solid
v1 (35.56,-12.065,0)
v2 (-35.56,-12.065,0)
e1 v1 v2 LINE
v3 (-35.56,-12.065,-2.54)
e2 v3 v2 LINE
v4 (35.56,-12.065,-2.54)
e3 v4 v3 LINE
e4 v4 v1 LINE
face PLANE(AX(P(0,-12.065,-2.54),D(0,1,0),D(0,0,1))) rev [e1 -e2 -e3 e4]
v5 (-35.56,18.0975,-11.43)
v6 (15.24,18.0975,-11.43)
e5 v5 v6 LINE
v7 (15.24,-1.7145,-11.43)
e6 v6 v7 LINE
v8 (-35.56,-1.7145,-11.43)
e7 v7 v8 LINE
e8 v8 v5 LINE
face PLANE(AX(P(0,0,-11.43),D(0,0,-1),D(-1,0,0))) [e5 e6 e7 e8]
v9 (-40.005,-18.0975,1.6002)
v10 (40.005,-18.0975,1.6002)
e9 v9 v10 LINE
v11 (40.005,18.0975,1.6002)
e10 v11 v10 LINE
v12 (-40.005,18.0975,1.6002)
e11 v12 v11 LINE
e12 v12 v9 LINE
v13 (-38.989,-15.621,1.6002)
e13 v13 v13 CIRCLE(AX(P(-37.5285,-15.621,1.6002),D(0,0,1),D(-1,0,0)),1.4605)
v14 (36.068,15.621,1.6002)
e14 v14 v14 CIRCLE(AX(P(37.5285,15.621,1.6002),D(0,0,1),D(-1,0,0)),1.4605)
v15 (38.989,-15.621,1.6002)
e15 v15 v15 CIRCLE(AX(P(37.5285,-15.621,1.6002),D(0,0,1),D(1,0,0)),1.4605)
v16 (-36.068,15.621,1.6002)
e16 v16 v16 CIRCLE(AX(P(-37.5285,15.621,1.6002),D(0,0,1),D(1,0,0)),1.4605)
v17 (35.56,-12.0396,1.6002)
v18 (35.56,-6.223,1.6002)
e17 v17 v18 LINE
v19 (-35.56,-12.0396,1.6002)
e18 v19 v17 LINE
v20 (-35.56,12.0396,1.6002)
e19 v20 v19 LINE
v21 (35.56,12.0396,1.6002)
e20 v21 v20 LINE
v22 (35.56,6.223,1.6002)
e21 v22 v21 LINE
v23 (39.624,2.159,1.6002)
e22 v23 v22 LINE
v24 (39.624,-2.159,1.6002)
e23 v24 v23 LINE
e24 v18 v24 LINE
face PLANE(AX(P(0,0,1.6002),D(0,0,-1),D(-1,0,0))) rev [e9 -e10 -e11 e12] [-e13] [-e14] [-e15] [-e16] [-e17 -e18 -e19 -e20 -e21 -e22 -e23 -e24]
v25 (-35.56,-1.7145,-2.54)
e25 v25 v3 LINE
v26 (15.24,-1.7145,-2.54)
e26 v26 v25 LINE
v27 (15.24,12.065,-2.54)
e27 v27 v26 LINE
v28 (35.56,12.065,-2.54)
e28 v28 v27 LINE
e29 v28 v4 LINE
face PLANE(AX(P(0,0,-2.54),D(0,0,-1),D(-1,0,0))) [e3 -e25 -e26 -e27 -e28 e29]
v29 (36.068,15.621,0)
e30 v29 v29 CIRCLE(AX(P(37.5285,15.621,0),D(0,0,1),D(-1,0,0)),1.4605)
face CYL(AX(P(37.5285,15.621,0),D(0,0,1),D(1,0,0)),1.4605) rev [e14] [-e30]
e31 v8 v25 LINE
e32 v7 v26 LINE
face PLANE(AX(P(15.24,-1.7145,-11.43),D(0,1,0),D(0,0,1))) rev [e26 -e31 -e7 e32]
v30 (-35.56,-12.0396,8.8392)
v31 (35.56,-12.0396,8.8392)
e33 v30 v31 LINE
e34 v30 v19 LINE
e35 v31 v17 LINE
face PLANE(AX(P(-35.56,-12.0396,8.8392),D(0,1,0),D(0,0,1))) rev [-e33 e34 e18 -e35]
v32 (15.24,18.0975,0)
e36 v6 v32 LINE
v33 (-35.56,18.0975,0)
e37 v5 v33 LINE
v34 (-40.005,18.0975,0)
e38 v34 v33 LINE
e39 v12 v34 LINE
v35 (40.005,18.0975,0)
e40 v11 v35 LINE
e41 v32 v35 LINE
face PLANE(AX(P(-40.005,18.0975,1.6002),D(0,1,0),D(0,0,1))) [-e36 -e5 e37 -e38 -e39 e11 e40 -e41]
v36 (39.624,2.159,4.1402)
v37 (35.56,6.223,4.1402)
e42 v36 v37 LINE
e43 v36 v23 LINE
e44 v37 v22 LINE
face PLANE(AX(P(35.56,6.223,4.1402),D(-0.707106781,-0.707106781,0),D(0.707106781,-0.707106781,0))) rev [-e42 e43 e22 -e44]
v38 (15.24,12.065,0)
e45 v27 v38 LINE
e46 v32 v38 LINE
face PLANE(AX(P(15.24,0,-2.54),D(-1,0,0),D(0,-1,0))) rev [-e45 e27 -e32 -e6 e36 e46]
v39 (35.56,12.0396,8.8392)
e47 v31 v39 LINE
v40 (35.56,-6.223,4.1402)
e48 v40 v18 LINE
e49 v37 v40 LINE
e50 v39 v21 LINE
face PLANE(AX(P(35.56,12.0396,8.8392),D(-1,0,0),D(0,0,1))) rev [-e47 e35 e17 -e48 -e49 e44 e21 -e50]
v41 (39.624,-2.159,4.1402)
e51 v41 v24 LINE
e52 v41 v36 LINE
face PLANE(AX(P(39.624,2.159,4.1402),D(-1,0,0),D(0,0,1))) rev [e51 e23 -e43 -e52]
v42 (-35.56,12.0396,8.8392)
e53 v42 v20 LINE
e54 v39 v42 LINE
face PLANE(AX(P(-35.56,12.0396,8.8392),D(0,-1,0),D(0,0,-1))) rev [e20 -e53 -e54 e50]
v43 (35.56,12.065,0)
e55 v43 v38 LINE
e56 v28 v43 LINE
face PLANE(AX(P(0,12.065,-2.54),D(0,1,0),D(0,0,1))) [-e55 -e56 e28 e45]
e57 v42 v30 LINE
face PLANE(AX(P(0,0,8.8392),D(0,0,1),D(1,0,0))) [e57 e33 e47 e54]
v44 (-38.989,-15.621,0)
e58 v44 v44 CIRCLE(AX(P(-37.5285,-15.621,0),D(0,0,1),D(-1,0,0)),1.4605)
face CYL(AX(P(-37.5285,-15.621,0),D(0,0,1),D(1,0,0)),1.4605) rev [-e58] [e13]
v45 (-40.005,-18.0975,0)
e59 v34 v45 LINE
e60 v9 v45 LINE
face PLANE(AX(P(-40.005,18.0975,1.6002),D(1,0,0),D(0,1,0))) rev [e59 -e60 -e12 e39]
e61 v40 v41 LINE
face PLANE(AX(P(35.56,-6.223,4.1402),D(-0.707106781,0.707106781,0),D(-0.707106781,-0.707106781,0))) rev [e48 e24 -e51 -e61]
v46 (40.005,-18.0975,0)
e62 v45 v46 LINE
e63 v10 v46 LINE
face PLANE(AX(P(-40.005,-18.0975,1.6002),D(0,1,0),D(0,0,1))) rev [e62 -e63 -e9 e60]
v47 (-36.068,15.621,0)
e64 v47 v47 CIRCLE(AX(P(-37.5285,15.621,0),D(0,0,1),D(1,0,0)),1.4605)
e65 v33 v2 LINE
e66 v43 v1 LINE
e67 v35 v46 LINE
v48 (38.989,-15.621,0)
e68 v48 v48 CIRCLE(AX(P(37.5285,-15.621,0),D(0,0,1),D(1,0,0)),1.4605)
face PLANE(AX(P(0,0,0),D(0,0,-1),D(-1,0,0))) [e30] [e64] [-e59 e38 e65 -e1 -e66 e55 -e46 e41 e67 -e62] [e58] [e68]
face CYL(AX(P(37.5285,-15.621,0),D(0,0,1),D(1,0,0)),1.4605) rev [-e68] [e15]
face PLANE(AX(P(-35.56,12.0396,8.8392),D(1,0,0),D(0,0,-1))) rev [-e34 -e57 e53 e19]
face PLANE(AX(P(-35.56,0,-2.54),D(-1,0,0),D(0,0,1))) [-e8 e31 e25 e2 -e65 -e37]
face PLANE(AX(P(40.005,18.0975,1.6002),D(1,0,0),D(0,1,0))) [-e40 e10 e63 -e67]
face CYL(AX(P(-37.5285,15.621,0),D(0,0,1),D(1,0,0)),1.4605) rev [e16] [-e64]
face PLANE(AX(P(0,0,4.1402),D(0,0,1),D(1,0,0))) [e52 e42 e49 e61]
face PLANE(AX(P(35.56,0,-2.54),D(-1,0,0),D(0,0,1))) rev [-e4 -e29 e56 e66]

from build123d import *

# Parameters (mm, degrees)
SKETCH2_W           = 80.01
SKETCH2_H           = 36.195
BOSS_EXTRUDE1_DEPTH = 1.6002
SKETCH3_W           = 71.12
SKETCH3_H           = 24.0792
BOSS_EXTRUDE2_DEPTH = 7.239
SKETCH4_R           = 1.4605
CUT_EXTRUDE1_DEPTH  = 1.6002
BOSS_EXTRUDE3_DEPTH = 2.54
SKETCH6_W           = 50.8
SKETCH6_H           = 6.0325
SKETCH6_H_2         = 13.7795
BOSS_EXTRUDE5_DEPTH = 2.54
SKETCH9_W           = 50.8
SKETCH9_H           = 19.812
BOSS_EXTRUDE6_DEPTH = 8.89


with BuildPart() as part:
    # Sketch2 → Boss-Extrude1 (new body)
    with BuildSketch(Plane.XY):
        Rectangle(SKETCH2_W, SKETCH2_H)
    extrude(amount=BOSS_EXTRUDE1_DEPTH)

    # Sketch3 → Boss-Extrude2 (add)
    with BuildSketch(Plane.XY.offset(1.6002)):
        Rectangle(SKETCH3_W, SKETCH3_H)
    extrude(amount=BOSS_EXTRUDE2_DEPTH)

    # Sketch4 → Cut-Extrude1 (cut)
    with BuildSketch(Plane.XY.offset(1.6002)):
        with Locations((-37.5285, 15.621)):
            Circle(SKETCH4_R)
        with Locations(Location((37.5285, 15.621, 0), (0, 0, 180))):
            Circle(SKETCH4_R)
        with Locations((37.5285, -15.621)):
            Circle(SKETCH4_R)
        with Locations(Location((-37.5285, -15.621, 0), (0, 0, 180))):
            Circle(SKETCH4_R)
    extrude(amount=-CUT_EXTRUDE1_DEPTH, mode=Mode.SUBTRACT)

    # Sketch5 → Boss-Extrude3 (add)
    with BuildSketch(Plane.XY.offset(1.6002)):
        Polygon((35.56, 6.223), (39.624, 2.159), (39.624, -2.159), (35.56, -6.223), align=None)
    extrude(amount=BOSS_EXTRUDE3_DEPTH)

    # Sketch6 → Boss-Extrude5 (add)
    with BuildSketch(Plane(origin=(0, 0, 0), x_dir=(-1, 0, 0), z_dir=(0, 0, -1))):
        with Locations((10.16, 15.08125)):
            Rectangle(SKETCH6_W, SKETCH6_H)
        with Locations((10.16, 5.17525)):
            Rectangle(SKETCH6_W, SKETCH6_H_2)
        Polygon((-15.24, 12.065), (-35.56, 12.065), (-35.56, -12.065), (35.56, -12.065), (35.56, -1.7145), (-15.24, -1.7145), align=None)
    extrude(amount=BOSS_EXTRUDE5_DEPTH)

    # Sketch9 → Boss-Extrude6 (add)
    with BuildSketch(Plane(origin=(0, 0, -2.54), x_dir=(-1, 0, 0), z_dir=(0, 0, -1))):
        with Locations((10.16, 8.1915)):
            Rectangle(SKETCH9_W, SKETCH9_H)
    extrude(amount=BOSS_EXTRUDE6_DEPTH)


solid = part.part
